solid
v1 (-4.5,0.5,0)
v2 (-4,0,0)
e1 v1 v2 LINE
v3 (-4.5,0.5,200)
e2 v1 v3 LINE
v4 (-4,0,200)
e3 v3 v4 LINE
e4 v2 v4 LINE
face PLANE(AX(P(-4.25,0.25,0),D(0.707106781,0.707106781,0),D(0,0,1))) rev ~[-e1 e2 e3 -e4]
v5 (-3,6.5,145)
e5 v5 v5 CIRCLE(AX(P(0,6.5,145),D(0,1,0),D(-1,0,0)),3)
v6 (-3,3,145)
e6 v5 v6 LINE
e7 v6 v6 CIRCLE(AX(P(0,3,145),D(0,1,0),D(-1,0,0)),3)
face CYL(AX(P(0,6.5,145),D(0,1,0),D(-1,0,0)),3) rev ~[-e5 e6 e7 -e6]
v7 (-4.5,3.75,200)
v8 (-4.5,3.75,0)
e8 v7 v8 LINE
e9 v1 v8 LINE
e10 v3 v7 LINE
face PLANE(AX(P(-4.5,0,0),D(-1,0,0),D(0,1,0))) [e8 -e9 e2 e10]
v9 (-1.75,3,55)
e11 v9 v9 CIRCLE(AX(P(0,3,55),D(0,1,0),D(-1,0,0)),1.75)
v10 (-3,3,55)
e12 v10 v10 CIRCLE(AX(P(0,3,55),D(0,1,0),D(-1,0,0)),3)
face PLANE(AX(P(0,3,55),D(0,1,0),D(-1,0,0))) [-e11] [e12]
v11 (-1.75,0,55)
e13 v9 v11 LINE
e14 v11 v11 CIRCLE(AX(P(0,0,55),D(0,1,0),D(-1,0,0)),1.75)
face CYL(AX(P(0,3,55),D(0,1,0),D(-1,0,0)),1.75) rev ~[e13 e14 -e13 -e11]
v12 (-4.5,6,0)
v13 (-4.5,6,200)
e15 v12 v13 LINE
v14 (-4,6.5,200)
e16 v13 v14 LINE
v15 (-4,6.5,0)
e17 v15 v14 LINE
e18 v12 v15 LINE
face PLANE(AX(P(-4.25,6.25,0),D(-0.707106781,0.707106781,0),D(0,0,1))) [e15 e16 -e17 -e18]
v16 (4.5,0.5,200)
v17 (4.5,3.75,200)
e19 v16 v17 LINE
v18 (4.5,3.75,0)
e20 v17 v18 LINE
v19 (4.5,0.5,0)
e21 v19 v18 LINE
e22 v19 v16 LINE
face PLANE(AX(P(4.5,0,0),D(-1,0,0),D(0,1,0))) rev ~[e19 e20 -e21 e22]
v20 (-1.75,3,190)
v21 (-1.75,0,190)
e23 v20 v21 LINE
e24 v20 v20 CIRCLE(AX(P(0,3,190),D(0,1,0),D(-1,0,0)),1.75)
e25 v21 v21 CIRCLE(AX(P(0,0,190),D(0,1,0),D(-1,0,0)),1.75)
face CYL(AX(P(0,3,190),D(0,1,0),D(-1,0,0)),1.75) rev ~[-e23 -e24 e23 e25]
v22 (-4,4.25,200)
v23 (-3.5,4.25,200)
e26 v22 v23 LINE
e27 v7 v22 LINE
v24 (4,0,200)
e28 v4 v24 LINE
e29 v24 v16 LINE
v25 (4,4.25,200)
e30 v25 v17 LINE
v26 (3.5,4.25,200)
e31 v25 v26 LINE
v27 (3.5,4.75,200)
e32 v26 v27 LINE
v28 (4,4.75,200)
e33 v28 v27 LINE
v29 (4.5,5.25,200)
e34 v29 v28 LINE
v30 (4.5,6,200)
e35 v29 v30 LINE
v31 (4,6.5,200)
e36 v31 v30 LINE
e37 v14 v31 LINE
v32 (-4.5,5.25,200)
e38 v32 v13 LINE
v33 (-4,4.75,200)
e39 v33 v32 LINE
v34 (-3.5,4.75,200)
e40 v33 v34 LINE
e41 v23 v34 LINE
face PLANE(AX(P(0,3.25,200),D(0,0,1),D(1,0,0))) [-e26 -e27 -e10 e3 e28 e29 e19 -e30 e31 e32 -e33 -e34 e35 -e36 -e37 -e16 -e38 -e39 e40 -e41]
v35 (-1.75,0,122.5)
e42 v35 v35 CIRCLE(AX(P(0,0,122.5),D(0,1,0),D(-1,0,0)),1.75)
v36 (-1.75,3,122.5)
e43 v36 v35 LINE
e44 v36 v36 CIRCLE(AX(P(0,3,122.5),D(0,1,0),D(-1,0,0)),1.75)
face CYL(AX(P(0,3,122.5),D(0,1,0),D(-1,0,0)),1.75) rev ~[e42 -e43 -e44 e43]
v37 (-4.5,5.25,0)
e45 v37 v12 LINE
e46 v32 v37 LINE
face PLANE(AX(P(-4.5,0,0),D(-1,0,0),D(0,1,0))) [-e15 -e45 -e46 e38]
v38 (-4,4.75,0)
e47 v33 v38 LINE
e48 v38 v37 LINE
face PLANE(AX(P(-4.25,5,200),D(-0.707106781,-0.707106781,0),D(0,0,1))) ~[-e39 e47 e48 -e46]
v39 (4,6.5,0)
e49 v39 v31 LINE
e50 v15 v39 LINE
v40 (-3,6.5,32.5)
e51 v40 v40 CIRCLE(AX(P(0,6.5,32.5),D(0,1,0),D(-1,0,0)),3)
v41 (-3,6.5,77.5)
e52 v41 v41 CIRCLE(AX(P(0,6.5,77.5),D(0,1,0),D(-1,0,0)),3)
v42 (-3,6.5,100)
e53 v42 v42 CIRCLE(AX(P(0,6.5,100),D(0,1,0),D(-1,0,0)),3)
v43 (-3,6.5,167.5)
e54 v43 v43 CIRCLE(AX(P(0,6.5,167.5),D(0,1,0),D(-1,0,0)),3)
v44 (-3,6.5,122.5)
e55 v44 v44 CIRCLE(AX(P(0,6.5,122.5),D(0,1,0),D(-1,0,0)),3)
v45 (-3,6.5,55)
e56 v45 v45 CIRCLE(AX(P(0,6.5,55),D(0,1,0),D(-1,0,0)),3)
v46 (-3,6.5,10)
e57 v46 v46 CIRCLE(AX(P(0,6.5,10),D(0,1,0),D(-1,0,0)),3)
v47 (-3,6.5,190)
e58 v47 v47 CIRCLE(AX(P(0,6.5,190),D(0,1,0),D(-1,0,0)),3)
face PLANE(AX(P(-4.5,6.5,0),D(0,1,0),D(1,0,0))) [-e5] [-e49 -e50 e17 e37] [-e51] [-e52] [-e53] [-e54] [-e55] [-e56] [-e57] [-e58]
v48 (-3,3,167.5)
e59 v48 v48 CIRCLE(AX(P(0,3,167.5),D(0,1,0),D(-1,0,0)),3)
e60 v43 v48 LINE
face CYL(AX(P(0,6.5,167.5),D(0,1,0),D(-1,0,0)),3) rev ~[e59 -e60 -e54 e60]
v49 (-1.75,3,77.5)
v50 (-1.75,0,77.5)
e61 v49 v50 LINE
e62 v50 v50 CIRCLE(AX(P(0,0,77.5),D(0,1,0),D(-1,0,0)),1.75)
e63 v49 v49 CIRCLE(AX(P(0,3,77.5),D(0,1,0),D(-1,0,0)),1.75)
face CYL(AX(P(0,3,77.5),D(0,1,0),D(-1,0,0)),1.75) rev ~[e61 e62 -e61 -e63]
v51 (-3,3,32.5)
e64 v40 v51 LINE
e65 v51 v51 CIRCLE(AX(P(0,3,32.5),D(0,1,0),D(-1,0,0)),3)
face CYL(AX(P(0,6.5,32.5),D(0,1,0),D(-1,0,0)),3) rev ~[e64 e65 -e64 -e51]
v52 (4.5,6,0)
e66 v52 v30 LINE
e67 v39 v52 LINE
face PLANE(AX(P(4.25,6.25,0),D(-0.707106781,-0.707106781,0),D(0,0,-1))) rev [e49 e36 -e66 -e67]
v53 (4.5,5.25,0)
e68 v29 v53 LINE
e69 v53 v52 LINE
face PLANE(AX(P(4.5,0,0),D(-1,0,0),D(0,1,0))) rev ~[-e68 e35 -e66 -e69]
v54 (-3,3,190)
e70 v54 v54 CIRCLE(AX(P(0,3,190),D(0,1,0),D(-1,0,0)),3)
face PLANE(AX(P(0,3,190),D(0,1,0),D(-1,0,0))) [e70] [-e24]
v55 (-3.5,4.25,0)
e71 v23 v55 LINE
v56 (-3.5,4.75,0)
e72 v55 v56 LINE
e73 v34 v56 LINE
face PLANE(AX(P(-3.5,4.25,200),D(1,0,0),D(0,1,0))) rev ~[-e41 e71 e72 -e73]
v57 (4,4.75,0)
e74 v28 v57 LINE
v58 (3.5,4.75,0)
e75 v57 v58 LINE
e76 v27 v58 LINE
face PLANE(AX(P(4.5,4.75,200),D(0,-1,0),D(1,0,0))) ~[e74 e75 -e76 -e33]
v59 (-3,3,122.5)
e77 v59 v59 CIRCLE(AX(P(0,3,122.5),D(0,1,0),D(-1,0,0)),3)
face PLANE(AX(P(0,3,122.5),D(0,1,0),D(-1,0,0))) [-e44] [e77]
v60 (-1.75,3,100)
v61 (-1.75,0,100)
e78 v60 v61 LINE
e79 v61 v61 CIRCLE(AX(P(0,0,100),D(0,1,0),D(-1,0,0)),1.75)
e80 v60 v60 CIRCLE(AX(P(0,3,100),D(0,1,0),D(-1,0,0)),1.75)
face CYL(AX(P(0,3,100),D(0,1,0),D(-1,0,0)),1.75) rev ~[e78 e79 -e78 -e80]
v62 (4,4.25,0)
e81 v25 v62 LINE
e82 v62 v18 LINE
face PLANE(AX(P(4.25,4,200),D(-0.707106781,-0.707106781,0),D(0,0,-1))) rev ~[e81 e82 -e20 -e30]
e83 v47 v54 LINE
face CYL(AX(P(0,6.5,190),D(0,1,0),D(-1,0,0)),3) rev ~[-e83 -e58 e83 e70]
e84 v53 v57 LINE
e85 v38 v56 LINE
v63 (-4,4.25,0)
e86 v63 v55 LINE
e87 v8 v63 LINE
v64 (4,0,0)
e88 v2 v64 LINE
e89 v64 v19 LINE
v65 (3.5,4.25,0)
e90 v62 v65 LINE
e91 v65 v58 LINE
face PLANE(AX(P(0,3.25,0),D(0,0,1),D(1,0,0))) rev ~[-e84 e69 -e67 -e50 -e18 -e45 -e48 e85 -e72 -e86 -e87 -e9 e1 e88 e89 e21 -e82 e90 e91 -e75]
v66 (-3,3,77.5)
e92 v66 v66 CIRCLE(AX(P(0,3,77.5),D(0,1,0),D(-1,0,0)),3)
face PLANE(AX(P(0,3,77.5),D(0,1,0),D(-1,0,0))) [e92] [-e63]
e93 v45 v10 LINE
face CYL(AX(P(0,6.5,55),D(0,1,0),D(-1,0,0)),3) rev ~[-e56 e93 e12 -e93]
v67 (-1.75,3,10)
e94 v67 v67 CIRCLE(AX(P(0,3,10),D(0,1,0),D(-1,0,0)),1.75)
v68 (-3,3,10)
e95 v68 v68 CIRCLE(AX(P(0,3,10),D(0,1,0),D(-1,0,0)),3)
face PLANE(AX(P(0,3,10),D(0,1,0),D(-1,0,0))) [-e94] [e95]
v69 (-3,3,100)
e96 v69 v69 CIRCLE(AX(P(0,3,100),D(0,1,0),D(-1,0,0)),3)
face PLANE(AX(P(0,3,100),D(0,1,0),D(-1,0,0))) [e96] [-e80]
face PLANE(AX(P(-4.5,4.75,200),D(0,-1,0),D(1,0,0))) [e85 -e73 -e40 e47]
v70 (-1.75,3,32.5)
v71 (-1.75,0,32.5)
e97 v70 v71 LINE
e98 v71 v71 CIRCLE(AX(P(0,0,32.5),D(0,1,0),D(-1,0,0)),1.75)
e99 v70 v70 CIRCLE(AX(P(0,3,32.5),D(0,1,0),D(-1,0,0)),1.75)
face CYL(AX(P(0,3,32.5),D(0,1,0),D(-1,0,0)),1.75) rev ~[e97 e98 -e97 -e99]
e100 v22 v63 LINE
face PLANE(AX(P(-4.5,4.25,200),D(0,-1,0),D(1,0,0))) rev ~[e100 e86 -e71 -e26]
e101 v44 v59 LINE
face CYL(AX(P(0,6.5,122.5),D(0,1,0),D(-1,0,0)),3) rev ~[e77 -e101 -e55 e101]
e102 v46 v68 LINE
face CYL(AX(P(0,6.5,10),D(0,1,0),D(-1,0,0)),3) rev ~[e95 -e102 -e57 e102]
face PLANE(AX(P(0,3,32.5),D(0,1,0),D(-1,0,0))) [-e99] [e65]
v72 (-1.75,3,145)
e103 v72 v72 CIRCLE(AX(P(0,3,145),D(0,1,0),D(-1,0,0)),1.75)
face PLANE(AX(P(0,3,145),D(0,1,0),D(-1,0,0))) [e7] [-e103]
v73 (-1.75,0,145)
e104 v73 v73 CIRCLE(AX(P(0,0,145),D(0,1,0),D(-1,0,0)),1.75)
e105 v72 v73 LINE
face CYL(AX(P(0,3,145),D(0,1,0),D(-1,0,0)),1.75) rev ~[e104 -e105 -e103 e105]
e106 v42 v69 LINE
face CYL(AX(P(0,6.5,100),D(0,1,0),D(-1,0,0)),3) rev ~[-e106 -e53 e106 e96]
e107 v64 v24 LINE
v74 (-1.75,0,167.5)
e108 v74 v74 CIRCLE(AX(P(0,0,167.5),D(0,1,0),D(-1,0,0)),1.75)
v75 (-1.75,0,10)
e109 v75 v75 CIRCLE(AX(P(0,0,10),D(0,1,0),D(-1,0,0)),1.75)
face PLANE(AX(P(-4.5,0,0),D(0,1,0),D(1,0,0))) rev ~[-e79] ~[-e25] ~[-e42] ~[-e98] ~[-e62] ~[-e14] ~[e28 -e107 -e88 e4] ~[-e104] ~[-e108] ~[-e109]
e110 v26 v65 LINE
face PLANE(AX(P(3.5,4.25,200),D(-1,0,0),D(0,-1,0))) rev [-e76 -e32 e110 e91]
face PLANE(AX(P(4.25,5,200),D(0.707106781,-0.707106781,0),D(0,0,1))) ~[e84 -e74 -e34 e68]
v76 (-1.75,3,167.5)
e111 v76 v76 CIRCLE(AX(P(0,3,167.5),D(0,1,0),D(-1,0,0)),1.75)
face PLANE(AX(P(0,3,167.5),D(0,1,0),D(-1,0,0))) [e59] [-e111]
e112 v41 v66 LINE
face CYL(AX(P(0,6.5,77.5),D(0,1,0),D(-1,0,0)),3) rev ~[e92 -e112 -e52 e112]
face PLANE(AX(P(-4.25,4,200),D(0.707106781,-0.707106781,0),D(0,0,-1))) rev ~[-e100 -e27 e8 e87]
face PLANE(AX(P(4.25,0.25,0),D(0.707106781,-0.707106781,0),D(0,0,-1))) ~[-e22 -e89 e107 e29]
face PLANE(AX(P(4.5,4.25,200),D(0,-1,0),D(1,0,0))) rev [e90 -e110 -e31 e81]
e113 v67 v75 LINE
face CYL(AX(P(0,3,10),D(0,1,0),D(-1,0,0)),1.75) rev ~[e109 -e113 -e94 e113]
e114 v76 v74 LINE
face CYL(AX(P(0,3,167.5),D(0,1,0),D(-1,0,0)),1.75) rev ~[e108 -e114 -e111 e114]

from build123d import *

# Parameters (mm, degrees)
SKETCH_W               = 9
SKETCH_H               = 6.5
PAD_DEPTH              = 200
SKETCH001_W            = 1
SKETCH001_H            = 0.5
POCKET_DEPTH           = 600.616776
SKETCH002_R            = 3
POCKET001_DEPTH        = 3.5
LINEARPATTERN_COUNT    = 9
LINEARPATTERN_PITCH    = 22.5
SKETCH003_R            = 1.75
POCKET002_DEPTH        = 3.001
LINEARPATTERN001_COUNT = 9
LINEARPATTERN001_PITCH = 22.5
CHAMFER_SIZE           = 0.5


with BuildPart() as part:
    # Sketch → Pad (new body)
    with BuildSketch(Plane.XY):
        with Locations((0, 3.25)):
            Rectangle(SKETCH_W, SKETCH_H)
    extrude(amount=PAD_DEPTH)

    # Sketch001 (on Face6 of Pad) → Pocket (cut, through all)
    with BuildSketch(Plane.XY.offset(200)):
        with Locations((-4, 4.5)):
            Rectangle(SKETCH001_W, SKETCH001_H)
    pocket = extrude(amount=-POCKET_DEPTH, mode=Mode.SUBTRACT)

    # Mirrored: Pocket across Sketch001 V_Axis
    add(pocket.mirror(Plane(origin=(0, 0, 200), x_dir=(0, 0, 1), z_dir=(1, 0, 0))), mode=Mode.SUBTRACT)

    # Sketch002 (on Face11 of Mirrored) → Pocket001 (cut)
    with BuildSketch(Plane(origin=(0, 6.5, 0), x_dir=(-1, 0, 0), z_dir=(0, 1, 0))):
        with Locations((0, 10)):
            Circle(SKETCH002_R)
    pocket001 = extrude(amount=-POCKET001_DEPTH, mode=Mode.SUBTRACT)

    # LinearPattern: Pocket001 ×9
    with Locations(*[(0, 0, i * LINEARPATTERN_PITCH) for i in range(1, LINEARPATTERN_COUNT)]):
        add(pocket001, mode=Mode.SUBTRACT)

    # Sketch003 (on Face31 of LinearPattern) → Pocket002 (cut, through all)
    with BuildSketch(Plane(origin=(0, 3, 0), x_dir=(-1, 0, 0), z_dir=(0, 1, 0))):
        with Locations((0, 10)):
            Circle(SKETCH003_R)
    pocket002 = extrude(amount=-POCKET002_DEPTH, mode=Mode.SUBTRACT)

    # LinearPattern001: Pocket002 ×9
    with Locations(*[(0, 0, i * LINEARPATTERN001_PITCH) for i in range(1, LINEARPATTERN001_COUNT)]):
        add(pocket002, mode=Mode.SUBTRACT)

    # Chamfer
    chamfer_edges = [part.edges().sort_by_distance(p)[0] for p in [
        (-4.5, 0, 100),
        (-4.5, 4.25, 100),
        (-4.5, 4.75, 100),
        (-4.5, 6.5, 100),
        (4.5, 0, 100),
        (4.5, 4.25, 100),
        (4.5, 4.75, 100),
        (4.5, 6.5, 100),
    ]]
    chamfer(chamfer_edges, length=CHAMFER_SIZE)


solid = part.part
